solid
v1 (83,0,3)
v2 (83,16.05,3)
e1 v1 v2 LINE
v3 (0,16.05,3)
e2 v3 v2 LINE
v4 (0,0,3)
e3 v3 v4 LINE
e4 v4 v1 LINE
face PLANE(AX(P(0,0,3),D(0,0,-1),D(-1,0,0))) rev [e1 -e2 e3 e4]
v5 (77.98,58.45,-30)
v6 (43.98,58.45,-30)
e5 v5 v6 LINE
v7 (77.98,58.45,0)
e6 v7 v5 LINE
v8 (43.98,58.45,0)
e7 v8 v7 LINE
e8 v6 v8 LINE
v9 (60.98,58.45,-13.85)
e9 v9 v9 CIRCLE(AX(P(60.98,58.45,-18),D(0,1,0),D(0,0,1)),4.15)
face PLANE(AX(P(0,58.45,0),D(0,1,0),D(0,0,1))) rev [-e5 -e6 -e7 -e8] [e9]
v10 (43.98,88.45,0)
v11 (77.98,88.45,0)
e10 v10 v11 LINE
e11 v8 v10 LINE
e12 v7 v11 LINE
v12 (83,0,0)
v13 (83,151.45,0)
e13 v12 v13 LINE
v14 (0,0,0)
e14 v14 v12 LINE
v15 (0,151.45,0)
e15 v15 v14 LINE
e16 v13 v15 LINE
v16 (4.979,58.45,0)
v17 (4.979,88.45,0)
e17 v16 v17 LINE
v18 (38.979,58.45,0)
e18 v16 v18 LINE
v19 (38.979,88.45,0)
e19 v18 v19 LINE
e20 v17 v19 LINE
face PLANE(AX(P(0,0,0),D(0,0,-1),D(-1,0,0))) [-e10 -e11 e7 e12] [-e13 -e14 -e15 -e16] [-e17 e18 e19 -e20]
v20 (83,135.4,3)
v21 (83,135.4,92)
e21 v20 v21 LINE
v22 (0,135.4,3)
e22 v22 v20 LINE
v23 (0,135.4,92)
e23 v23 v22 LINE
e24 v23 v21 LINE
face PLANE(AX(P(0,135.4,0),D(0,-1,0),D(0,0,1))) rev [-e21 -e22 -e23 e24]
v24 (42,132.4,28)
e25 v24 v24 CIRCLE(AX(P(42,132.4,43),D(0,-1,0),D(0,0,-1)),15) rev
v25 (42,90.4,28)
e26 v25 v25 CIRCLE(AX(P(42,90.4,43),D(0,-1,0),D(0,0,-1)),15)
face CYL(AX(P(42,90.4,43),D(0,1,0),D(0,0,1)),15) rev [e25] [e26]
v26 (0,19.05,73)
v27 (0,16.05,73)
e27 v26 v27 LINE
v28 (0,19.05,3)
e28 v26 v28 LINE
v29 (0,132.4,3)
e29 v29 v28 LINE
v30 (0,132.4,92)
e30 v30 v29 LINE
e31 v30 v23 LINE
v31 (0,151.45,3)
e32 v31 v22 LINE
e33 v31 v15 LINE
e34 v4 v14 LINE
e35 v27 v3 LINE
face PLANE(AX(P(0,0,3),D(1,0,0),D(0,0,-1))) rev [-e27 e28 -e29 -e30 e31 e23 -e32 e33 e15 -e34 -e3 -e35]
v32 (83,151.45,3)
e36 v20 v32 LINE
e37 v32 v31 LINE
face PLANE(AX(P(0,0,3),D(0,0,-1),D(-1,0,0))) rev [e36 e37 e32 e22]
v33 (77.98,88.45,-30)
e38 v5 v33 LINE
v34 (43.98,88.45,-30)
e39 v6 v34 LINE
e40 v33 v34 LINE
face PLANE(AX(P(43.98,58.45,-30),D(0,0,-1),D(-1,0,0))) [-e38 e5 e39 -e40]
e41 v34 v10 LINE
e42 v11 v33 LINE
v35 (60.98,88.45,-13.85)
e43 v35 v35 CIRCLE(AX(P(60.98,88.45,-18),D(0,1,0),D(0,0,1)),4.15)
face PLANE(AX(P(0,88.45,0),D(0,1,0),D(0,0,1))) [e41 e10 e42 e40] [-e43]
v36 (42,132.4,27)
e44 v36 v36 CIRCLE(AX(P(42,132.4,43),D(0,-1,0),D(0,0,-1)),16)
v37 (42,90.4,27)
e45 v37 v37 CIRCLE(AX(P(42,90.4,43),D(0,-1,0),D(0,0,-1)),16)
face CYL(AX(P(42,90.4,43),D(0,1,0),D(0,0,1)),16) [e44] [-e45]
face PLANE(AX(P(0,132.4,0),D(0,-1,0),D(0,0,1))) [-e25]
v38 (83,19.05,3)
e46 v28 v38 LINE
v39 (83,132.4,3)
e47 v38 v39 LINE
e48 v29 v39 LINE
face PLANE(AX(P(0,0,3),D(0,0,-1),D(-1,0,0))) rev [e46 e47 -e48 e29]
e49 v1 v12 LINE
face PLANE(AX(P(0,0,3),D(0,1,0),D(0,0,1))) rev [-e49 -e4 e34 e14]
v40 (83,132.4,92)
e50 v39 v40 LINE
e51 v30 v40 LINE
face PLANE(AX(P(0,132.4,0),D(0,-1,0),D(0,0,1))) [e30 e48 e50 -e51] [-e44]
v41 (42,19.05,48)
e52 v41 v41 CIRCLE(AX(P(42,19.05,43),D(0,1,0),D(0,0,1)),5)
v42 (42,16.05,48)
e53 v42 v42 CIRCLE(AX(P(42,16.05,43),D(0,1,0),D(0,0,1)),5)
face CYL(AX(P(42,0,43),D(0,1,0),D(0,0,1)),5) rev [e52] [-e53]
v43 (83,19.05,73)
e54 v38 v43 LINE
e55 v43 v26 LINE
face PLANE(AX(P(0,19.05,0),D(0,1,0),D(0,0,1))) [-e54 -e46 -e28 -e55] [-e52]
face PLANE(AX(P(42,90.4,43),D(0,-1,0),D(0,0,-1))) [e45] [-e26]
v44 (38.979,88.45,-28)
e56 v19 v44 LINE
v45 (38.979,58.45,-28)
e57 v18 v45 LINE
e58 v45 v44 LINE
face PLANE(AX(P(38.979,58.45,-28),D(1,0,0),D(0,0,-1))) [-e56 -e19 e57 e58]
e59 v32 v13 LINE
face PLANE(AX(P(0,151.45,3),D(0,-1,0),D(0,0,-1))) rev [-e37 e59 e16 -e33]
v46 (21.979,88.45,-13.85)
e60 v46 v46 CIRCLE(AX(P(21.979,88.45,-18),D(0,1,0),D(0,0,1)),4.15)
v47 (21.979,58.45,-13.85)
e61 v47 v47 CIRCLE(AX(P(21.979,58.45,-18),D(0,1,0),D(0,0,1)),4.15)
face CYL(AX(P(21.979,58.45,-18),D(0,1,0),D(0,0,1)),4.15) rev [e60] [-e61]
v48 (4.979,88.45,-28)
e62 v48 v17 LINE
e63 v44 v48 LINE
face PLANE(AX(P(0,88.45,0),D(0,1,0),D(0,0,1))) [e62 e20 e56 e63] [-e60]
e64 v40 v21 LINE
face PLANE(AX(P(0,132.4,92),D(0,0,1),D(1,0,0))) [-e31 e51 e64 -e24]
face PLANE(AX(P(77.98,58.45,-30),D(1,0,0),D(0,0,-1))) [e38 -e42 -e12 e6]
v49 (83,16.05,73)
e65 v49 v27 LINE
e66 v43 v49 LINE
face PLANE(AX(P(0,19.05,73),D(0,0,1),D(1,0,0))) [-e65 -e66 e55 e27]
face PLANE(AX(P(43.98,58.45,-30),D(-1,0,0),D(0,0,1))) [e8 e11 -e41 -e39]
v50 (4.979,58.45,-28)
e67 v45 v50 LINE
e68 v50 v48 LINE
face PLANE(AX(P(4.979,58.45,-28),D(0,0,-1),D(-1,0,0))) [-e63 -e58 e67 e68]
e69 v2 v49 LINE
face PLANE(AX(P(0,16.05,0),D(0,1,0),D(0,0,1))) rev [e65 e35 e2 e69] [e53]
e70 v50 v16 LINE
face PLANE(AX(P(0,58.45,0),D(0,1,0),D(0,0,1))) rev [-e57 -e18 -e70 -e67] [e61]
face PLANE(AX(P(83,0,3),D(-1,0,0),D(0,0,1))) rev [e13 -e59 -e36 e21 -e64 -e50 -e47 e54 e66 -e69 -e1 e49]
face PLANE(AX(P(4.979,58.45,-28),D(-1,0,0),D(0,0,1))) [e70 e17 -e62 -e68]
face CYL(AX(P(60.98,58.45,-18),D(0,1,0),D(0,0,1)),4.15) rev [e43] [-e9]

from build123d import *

# Parameters (mm, degrees)
SKETCH1_W           = 83
SKETCH1_H           = 151.45
BOSS_EXTRUDE1_DEPTH = 3
SKETCH2_W           = 83
SKETCH2_H           = 70
BOSS_EXTRUDE2_DEPTH = 3
SKETCH3_W           = 83
SKETCH3_H           = 89
BOSS_EXTRUDE3_DEPTH = 3
SKETCH6_W           = 34
SKETCH6_H           = 28
SKETCH6_R           = 4.15
SKETCH6_H_2         = 30
BOSS_EXTRUDE6_DEPTH = 30
SKETCH7_R           = 16
SKETCH7_R_2         = 15
BOSS_EXTRUDE7_DEPTH = 42
SKETCH8_R           = 5
CUT_EXTRUDE1_DEPTH  = 20.05


with BuildPart() as part:
    # Sketch1 → Boss-Extrude1 (new body)
    with BuildSketch(Plane.XY):
        with Locations((41.5, 75.725)):
            Rectangle(SKETCH1_W, SKETCH1_H)
    extrude(amount=BOSS_EXTRUDE1_DEPTH)

    # Sketch2 → Boss-Extrude2 (add)
    with BuildSketch(Plane(origin=(0, 16.05, 0), x_dir=(-1, 0, 0), z_dir=(0, -1, 0))):
        with Locations((-41.5, -38)):
            Rectangle(SKETCH2_W, SKETCH2_H)
    boss_extrude2 = extrude(amount=-BOSS_EXTRUDE2_DEPTH)

    # Mirror1: Boss-Extrude2 across plane
    add(boss_extrude2.mirror(Plane.ZX.offset(75.725)))

    # Sketch3 → Boss-Extrude3 (add)
    with BuildSketch(Plane(origin=(0, 135.4, 0), x_dir=(1, 0, 0), z_dir=(0, 1, 0))):
        with Locations((41.5, -47.5)):
            Rectangle(SKETCH3_W, SKETCH3_H)
    extrude(amount=-BOSS_EXTRUDE3_DEPTH)

    # Sketch6 → Boss-Extrude6 (add)
    with BuildSketch(Plane(origin=(0, 88.45, 0), x_dir=(1, 0, 0), z_dir=(0, 1, 0))):
        with Locations((21.979, 14)):
            Rectangle(SKETCH6_W, SKETCH6_H)
        with Locations((21.979, 18)):
            Circle(SKETCH6_R, mode=Mode.SUBTRACT)
        with Locations((60.98, 15)):
            Rectangle(SKETCH6_W, SKETCH6_H_2)
        with Locations((60.98, 18)):
            Circle(SKETCH6_R, mode=Mode.SUBTRACT)
    extrude(amount=-BOSS_EXTRUDE6_DEPTH)

    # Sketch7 → Boss-Extrude7 (add)
    with BuildSketch(Plane.XZ.offset(-132.4)):
        with Locations((42, 43)):
            Circle(SKETCH7_R)
        with Locations((42, 43)):
            Circle(SKETCH7_R_2, mode=Mode.SUBTRACT)
    extrude(amount=BOSS_EXTRUDE7_DEPTH)

    # Sketch8 → Cut-Extrude1 (cut, through all)
    with BuildSketch(Plane(origin=(0, 19.05, 0), x_dir=(1, 0, 0), z_dir=(0, 1, 0))):
        with Locations((42, -43)):
            Circle(SKETCH8_R)
    extrude(amount=-CUT_EXTRUDE1_DEPTH, mode=Mode.SUBTRACT)


solid = part.part
